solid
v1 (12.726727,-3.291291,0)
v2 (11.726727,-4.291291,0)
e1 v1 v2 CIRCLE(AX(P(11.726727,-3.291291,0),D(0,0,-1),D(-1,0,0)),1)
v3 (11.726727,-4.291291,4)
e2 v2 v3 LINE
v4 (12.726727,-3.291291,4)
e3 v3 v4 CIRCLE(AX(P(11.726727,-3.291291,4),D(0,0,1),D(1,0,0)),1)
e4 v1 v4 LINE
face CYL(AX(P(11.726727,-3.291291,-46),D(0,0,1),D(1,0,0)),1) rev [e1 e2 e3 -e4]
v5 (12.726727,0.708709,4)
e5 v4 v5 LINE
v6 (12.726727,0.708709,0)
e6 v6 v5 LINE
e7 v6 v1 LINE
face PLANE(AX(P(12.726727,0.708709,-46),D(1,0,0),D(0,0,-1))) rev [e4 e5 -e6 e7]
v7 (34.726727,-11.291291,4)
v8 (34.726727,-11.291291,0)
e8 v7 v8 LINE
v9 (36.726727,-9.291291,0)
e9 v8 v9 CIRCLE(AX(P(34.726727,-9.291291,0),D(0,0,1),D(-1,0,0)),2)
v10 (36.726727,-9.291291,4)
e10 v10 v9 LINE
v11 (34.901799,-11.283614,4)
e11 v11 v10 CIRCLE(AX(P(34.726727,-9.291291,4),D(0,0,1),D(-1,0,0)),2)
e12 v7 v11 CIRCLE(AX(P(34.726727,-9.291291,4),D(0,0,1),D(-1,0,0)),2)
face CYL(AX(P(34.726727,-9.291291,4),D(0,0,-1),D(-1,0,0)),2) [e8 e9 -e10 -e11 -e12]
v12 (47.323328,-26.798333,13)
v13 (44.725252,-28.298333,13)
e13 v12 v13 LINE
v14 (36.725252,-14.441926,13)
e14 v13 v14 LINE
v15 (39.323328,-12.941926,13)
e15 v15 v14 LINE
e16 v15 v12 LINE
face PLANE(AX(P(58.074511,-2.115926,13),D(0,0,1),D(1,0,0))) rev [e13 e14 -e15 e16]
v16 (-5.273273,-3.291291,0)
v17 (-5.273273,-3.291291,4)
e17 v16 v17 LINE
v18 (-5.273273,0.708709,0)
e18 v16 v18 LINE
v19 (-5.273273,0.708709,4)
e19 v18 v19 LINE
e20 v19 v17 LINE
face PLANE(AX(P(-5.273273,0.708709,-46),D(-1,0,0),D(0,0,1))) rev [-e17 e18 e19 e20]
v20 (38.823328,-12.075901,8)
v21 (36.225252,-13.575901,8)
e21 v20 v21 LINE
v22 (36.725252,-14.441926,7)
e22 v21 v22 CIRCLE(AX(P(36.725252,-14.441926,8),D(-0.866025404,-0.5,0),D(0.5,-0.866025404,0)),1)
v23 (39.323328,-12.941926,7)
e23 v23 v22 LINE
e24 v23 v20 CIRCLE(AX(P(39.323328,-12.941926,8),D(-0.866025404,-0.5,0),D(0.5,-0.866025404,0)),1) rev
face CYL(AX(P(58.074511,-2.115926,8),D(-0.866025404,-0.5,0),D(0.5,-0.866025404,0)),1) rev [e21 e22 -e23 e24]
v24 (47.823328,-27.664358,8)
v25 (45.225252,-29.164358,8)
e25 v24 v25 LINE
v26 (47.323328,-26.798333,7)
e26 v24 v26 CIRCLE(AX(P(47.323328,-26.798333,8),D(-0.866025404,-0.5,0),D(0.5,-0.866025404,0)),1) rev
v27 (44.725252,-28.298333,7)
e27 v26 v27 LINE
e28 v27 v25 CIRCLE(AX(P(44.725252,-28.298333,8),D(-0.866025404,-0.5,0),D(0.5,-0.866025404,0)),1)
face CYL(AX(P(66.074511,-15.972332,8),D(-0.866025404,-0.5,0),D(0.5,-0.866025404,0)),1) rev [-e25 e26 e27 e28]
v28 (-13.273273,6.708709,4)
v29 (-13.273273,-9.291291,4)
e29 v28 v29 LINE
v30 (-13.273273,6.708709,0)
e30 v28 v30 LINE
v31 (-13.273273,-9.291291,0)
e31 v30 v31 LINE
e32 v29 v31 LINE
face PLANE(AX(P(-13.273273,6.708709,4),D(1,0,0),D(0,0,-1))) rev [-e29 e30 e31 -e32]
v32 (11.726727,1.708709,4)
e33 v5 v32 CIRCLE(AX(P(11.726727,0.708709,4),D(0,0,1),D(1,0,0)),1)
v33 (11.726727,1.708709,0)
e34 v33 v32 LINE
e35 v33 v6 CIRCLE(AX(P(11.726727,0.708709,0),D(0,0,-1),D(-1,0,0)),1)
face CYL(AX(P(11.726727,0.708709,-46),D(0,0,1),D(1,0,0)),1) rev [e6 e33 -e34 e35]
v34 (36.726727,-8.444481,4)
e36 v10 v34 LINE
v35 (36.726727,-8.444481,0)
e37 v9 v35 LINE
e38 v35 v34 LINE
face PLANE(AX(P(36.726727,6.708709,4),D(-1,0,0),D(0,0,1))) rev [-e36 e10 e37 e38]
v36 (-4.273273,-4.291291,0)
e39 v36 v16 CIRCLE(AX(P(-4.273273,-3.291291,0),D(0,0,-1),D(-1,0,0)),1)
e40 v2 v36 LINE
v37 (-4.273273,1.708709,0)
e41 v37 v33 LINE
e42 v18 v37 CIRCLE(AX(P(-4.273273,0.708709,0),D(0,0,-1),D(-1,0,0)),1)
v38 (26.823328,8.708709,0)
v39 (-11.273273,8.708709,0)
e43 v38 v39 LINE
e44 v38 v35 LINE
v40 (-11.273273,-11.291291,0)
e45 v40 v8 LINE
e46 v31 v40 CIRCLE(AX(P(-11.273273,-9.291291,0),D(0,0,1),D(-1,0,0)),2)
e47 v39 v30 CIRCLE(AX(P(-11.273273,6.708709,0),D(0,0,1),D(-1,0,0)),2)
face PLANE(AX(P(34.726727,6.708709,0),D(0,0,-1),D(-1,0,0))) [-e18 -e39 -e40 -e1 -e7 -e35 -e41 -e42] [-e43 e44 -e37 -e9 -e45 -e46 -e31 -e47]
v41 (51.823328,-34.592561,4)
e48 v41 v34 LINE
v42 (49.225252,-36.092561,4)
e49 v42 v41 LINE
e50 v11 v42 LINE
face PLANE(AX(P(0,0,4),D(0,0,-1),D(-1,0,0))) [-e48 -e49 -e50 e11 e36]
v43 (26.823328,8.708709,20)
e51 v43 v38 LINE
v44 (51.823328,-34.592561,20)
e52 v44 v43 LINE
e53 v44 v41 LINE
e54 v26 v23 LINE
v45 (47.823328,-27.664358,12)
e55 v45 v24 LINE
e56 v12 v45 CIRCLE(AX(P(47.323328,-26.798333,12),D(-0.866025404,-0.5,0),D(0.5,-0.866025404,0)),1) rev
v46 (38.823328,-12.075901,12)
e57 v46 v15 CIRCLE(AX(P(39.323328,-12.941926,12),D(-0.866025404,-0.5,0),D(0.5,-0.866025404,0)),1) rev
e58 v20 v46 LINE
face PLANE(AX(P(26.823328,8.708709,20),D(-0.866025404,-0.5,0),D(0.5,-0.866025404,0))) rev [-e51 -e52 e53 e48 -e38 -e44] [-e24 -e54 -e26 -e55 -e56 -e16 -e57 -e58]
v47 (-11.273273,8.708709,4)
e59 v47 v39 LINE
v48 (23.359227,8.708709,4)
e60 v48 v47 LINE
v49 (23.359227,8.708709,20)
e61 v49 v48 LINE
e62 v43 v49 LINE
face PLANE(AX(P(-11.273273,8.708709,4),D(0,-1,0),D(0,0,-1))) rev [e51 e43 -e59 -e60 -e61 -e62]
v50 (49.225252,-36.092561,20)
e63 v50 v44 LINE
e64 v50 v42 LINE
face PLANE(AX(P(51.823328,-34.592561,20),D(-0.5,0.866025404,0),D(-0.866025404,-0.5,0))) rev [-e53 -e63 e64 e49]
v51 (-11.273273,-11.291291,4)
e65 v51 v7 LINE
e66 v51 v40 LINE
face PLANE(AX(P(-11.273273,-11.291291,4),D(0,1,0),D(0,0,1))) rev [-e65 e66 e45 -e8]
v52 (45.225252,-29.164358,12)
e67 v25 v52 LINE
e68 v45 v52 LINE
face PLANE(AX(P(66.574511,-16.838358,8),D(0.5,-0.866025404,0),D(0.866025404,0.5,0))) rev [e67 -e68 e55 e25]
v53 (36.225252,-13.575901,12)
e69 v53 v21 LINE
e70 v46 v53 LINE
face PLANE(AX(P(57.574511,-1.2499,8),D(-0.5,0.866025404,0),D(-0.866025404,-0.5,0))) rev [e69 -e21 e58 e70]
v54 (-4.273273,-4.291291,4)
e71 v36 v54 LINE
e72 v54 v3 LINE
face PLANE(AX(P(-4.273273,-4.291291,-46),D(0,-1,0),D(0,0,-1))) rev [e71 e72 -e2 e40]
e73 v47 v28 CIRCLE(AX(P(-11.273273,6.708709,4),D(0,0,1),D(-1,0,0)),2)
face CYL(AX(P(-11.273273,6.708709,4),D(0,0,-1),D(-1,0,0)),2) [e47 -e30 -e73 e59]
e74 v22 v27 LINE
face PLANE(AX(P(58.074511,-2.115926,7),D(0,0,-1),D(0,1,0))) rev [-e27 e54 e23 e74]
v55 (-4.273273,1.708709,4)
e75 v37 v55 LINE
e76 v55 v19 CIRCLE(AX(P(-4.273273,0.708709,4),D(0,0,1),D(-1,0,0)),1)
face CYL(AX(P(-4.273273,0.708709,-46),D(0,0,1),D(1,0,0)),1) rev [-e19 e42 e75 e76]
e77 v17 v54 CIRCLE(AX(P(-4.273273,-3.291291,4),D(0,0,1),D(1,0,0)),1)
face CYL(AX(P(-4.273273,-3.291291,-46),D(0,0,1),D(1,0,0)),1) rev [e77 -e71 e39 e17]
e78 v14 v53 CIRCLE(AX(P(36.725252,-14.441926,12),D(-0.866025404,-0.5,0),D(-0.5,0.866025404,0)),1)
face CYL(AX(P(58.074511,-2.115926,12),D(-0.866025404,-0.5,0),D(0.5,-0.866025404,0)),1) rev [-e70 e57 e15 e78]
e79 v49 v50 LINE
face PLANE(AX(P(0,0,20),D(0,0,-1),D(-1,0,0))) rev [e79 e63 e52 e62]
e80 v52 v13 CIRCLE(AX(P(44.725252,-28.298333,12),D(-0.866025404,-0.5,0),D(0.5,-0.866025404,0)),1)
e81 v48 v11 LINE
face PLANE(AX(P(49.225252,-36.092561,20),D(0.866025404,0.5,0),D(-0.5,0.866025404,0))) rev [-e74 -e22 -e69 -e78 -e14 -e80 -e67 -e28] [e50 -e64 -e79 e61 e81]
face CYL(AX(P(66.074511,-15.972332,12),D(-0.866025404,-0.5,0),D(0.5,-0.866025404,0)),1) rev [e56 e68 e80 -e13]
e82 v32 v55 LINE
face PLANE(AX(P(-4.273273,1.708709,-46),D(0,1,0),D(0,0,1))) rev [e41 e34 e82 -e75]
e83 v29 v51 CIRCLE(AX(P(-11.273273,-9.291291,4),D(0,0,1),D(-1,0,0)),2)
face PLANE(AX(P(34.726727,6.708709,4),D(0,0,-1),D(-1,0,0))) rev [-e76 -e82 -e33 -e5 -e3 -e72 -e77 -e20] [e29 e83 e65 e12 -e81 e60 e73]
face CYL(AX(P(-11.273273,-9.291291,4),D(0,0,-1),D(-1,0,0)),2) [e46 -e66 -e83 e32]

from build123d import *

# Parameters (mm, degrees)
BOSS_EXTRU_1_DEPTH      = 4
ENL_V_MAT_EXTRU_1_DEPTH = 50
BOSS_EXTRU_2_DEPTH      = 16
ENL_V_MAT_EXTRU_2_REACH = 64.735
ENL_V_MAT_EXTRU_4_DEPTH = 66.148525236


with BuildPart() as part:
    # Esquisse1 → Boss.-Extru.1 (new body)
    with BuildSketch(Plane.XY):
        with BuildLine():
            Line((-11.273273273, 8.708708709), (34.726726727, 8.708708709))
            ThreePointArc((34.726726727, 8.708708709), (36.140940289, 8.122922271), (36.726726727, 6.708708709))
            Line((36.726726727, 6.708708709), (36.726726727, -9.291291291))
            ThreePointArc((36.726726727, -9.291291291), (36.140940289, -10.705504854), (34.726726727, -11.291291291))
            Line((34.726726727, -11.291291291), (-11.273273273, -11.291291291))
            ThreePointArc((-11.273273273, -11.291291291), (-12.687486836, -10.705504854), (-13.273273273, -9.291291291))
            Line((-13.273273273, -9.291291291), (-13.273273273, 6.708708709))
            ThreePointArc((-13.273273273, 6.708708709), (-12.687486836, 8.122922271), (-11.273273273, 8.708708709))
        make_face()
    extrude(amount=BOSS_EXTRU_1_DEPTH)

    # Esquisse3 → Enlèv. mat.-Extru.1 (cut)
    with BuildSketch(Plane.XY.offset(4)):
        with BuildLine():
            Line((-4.273273273, 1.708708709), (11.726726727, 1.708708709))
            ThreePointArc((11.726726727, 1.708708709), (12.433833508, 1.41581549), (12.726726727, 0.708708709))
            Line((12.726726727, 0.708708709), (12.726726727, -3.291291291))
            ThreePointArc((12.726726727, -3.291291291), (12.433833508, -3.998398072), (11.726726727, -4.291291291))
            Line((11.726726727, -4.291291291), (-4.273273273, -4.291291291))
            ThreePointArc((-4.273273273, -4.291291291), (-4.980380054, -3.998398072), (-5.273273273, -3.291291291))
            Line((-5.273273273, -3.291291291), (-5.273273273, 0.708708709))
            ThreePointArc((-5.273273273, 0.708708709), (-4.980380054, 1.41581549), (-4.273273273, 1.708708709))
        make_face()
    extrude(amount=-ENL_V_MAT_EXTRU_1_DEPTH, mode=Mode.SUBTRACT)

    # Esquisse4 → Boss.-Extru.2 (add)
    with BuildSketch(Plane.XY.offset(4)):
        Polygon((27.400678474, 7.708708709), (51.823328204, -34.592561481), (49.225251993, -36.092561481), (23.359226589, 8.708708709), (25.668627666, 8.708708709), (26.823328204, 8.708708709), align=None)
    extrude(amount=BOSS_EXTRU_2_DEPTH)

    # Esquisse6 → Enlèv. mat.-Extru.2 (cut, up to next)
    with BuildSketch(Plane(origin=(21.29040143, 12.292018997, 0), x_dir=(0, 0, 1), z_dir=(-0.8660254037844363, -0.5000000000000042, 0)), mode=Mode.PRIVATE) as enl_v_mat_extru_2_sk1:
        with BuildLine():
            Line((8, -29.869701126), (12, -29.869701126))
            ThreePointArc((12, -29.869701126), (12.707106781, -30.162594345), (13, -30.869701126))
            Line((13, -30.869701126), (13, -46.869701126))
            ThreePointArc((13, -46.869701126), (12.707106781, -47.576807907), (12, -47.869701126))
            Line((12, -47.869701126), (8, -47.869701126))
            ThreePointArc((8, -47.869701126), (7.292893219, -47.576807907), (7, -46.869701126))
            Line((7, -46.869701126), (7, -30.869701126))
            ThreePointArc((7, -30.869701126), (7.292893219, -30.162594345), (8, -29.869701126))
        make_face()
    enl_v_mat_extru_2_tool1 = extrude(enl_v_mat_extru_2_sk1.sketch, amount=-ENL_V_MAT_EXTRU_2_REACH, mode=Mode.PRIVATE) & part.part
    add(enl_v_mat_extru_2_tool1.solids().sort_by_distance((40.725252, -21.37013, 10))[0], mode=Mode.SUBTRACT)

    # Esquisse11 → Enlèv. mat.-Extru.4 (cut, through all)
    with BuildSketch(Plane.XY.offset(4)):
        with BuildLine():
            Line((36.749431367, 6.794564493), (36.991578009, -8.903216578))
            Line((36.991578009, -8.903216578), (27.400678474, 7.708708709))
            Line((27.400678474, 7.708708709), (26.823328204, 8.708708709))
            Line((26.823328204, 8.708708709), (34.726726727, 8.708708709))
            ThreePointArc((34.726726727, 8.708708709), (36.561329958, 8.621578074), (36.749431367, 6.794564493))
        make_face()
    extrude(amount=-ENL_V_MAT_EXTRU_4_DEPTH, mode=Mode.SUBTRACT)


solid = part.part
